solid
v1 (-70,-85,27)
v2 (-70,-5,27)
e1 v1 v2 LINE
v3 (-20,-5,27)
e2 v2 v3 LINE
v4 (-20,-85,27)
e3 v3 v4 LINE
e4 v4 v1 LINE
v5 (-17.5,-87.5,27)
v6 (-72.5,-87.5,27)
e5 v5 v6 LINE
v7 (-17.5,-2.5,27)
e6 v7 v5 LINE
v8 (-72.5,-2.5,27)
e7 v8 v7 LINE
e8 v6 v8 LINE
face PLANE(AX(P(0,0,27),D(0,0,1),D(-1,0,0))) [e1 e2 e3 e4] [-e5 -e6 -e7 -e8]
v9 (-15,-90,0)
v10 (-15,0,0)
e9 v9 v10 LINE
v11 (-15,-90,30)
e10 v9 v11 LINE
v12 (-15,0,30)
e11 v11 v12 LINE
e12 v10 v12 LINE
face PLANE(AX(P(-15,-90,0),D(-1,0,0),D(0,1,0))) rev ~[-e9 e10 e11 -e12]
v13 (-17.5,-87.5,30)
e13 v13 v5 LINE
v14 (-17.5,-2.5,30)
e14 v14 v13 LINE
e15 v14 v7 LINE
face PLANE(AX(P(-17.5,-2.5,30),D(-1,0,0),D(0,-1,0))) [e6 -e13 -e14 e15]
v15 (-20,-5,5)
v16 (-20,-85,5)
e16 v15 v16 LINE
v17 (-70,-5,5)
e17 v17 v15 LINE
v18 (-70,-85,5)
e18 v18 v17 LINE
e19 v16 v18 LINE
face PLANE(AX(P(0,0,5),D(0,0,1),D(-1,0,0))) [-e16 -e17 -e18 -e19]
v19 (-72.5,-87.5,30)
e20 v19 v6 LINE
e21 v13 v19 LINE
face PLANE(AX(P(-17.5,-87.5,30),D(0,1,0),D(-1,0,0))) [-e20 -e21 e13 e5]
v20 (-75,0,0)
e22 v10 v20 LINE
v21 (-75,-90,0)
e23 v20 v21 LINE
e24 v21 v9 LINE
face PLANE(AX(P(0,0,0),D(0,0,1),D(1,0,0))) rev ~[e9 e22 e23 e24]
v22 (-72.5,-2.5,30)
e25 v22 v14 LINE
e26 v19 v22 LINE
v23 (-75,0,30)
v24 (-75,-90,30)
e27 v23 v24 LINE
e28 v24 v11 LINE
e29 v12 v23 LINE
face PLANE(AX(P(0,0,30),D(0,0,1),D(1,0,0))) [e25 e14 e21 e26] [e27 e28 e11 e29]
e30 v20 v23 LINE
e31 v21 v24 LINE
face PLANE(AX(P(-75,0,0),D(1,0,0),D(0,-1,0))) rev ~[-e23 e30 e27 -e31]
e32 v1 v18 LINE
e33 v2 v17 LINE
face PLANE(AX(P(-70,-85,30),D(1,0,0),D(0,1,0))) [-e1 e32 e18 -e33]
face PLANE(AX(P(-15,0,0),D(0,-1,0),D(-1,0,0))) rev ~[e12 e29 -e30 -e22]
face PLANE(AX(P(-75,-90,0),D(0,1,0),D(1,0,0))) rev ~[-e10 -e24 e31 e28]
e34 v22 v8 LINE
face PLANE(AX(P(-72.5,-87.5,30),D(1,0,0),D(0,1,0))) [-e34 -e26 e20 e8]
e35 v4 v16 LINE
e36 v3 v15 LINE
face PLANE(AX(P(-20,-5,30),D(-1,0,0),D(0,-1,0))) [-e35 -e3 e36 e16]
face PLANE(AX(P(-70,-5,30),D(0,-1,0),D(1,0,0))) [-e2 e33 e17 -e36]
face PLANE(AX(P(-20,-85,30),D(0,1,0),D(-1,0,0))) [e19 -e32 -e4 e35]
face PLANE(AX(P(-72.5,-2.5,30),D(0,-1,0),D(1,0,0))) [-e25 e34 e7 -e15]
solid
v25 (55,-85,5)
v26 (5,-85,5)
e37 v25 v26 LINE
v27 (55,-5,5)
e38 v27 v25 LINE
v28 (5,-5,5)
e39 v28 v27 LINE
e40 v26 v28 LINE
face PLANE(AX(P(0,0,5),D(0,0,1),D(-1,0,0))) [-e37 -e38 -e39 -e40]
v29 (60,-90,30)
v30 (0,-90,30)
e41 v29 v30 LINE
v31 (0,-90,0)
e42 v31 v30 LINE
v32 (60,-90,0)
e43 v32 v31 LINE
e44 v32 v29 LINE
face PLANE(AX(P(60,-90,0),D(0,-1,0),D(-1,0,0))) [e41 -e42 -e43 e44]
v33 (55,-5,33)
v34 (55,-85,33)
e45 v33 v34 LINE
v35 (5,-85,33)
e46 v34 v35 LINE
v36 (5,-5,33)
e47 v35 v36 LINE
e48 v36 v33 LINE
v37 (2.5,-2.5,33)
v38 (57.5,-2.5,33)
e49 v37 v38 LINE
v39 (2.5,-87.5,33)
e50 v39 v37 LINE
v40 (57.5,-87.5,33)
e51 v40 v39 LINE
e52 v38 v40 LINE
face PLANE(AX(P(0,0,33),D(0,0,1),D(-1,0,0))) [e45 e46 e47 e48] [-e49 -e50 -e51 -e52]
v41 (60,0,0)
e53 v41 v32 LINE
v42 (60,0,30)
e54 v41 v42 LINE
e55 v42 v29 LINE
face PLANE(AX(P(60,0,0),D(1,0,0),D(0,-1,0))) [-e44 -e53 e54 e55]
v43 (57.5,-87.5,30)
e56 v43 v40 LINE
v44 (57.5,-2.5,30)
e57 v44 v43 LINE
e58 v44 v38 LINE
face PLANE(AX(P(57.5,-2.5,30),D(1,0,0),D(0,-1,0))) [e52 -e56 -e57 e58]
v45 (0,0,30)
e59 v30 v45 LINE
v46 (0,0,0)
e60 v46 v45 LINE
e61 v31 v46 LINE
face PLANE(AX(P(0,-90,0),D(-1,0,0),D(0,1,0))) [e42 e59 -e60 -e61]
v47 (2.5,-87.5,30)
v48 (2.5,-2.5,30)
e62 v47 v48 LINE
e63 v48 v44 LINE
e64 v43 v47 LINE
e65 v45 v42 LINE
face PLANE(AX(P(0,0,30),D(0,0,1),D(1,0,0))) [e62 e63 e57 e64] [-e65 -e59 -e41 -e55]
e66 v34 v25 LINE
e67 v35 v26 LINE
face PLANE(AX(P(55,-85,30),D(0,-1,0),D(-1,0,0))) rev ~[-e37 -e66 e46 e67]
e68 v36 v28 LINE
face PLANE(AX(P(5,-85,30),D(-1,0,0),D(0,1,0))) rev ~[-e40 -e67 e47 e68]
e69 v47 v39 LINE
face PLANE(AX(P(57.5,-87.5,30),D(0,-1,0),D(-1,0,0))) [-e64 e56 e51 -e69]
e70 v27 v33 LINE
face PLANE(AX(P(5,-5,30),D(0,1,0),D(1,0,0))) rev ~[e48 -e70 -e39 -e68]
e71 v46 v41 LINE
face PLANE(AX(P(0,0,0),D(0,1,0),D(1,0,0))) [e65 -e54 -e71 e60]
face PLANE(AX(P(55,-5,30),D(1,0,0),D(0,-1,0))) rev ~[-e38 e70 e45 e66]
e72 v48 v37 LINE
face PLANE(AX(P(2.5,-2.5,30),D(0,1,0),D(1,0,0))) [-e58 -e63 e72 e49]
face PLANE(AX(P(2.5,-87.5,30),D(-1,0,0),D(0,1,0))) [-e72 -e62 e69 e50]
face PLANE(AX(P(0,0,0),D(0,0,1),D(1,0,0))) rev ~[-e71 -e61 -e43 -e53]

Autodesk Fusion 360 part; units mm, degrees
sketch "草图1" plane through (0, 0, 0) normal (0, 0, 1) x (1, 0, 0)
  line L0 (0, 0) -> (60, 0)
  line L1 (60, 0) -> (60, -90)
  line L2 (60, -90) -> (0, -90)
  line L3 (0, -90) -> (0, 0)
  dimension "d1" = 60
  dimension "d2" = 90
extrude "拉伸1" add sketch "草图1" along normal blind 30 makes body 1
sketch "草图2" plane through (0, 0, 30) normal (0, 0, 1) x (-1, 0, 0)
  line L0 (0, 90) -> (-60, 90)
  line L1 (-60, 90) -> (-60, 0)
  line L2 (-60, 0) -> (0, 0)
  line L3 (0, 0) -> (0, 90)
  line L4 (-5, 5) -> (-55, 5)
  line L5 (-55, 5) -> (-55, 85)
  line L6 (-55, 85) -> (-5, 85)
  line L7 (-5, 85) -> (-5, 5)
  dimension "d5" = 50
  dimension "d6" = 80
  dimension "d7" = 55
  dimension "d8" = 5
extrude "拉伸2" cut sketch "草图2" against normal blind 25 contours L4 L5 L6 L7 bodies 1
sketch "草图3" plane through (0, -90, 0) normal (0, -1, 0) x (1, 0, 0)
  line L0 (0, 0) -> (60, 0)
  line L1 (60, 0) -> (60, 30)
  line L2 (60, 30) -> (0, 30)
  line L3 (0, 30) -> (0, 0)
sketch "草图4" plane through (0, 0, 5) normal (0, 0, 1) x (-1, 0, 0)
  line L0 (-5, 85) -> (-55, 85)
  line L1 (-55, 85) -> (-55, 5)
  line L2 (-55, 5) -> (-5, 5)
  line L3 (-5, 5) -> (-5, 85)
  circle A0 centre (-15.0278, 14.2331) radius 0.5
sketch "草图5" plane through (0, 0, 30) normal (0, 0, 1) x (-1, 0, 0)
  line L0 (-55, 5) -> (-55, 85)
  line L1 (-55, 85) -> (-5, 85)
  line L2 (-5, 85) -> (-5, 5)
  line L3 (-5, 5) -> (-55, 5)
  line L4 (0, 90) -> (-60, 90)
  line L5 (-60, 90) -> (-60, 0)
  line L6 (-60, 0) -> (0, 0)
  line L7 (0, 0) -> (0, 90)
  line L8 (-2.5, 2.5) -> (-57.5, 2.5)
  line L9 (-57.5, 2.5) -> (-57.5, 87.5)
  line L10 (-57.5, 87.5) -> (-2.5, 87.5)
  line L11 (-2.5, 87.5) -> (-2.5, 2.5)
  dimension "d12" = 55
  dimension "d13" = 85
  dimension "d14" = 2.5
  dimension "d15" = 87.5
extrude "拉伸3" add sketch "草图5" along normal blind 3 contours L8 L9 L10 L11 bodies 1
sketch "草图6" plane through (0, 0, 0) normal (0, 0, 1) x (1, 0, 0)
  line L0 (-15, 0) -> (-75, 0)
  line L1 (-75, 0) -> (-75, -90)
  line L2 (-75, -90) -> (-15, -90)
  line L3 (-15, -90) -> (-15, 0)
  dimension "d18" = 60
  dimension "d19" = 90
  dimension "d20" = 15
extrude "拉伸4" add sketch "草图6" along normal blind 30 separate body makes body 2
sketch "草图7" plane through (0, 0, 30) normal (0, 0, 1) x (-1, 0, 0)
  line L0 (15, 90) -> (15, 0)
  line L1 (15, 0) -> (75, 0)
  line L2 (75, 0) -> (75, 90)
  line L3 (75, 90) -> (15, 90)
  line L4 (20, 85) -> (70, 85)
  line L5 (70, 85) -> (70, 5)
  line L6 (70, 5) -> (20, 5)
  line L7 (20, 5) -> (20, 85)
  dimension "d23" = 50
  dimension "d24" = 80
  dimension "d25" = 5
  dimension "d26" = 5
extrude "拉伸5" cut sketch "草图7" against normal blind 25 contours L4 L5 L6 L7 bodies 2
sketch "草图8" plane through (0, 0, 30) normal (0, 0, 1) x (-1, 0, 0)
  line L0 (70, 85) -> (70, 5)
  line L1 (70, 5) -> (20, 5)
  line L2 (20, 5) -> (20, 85)
  line L3 (20, 85) -> (70, 85)
  line L4 (15, 90) -> (15, 0)
  line L5 (15, 0) -> (75, 0)
  line L6 (75, 0) -> (75, 90)
  line L7 (75, 90) -> (15, 90)
  line L8 (17.5, 87.5) -> (72.5, 87.5)
  line L9 (72.5, 87.5) -> (72.5, 2.5)
  line L10 (72.5, 2.5) -> (17.5, 2.5)
  line L11 (17.5, 2.5) -> (17.5, 87.5)
  dimension "d29" = 55
  dimension "d30" = 85
  dimension "d31" = 2.5
  dimension "d32" = 2.5
extrude "拉伸6" cut sketch "草图8" against normal blind 3 contours L8 L9 L10 L11 bodies 2
